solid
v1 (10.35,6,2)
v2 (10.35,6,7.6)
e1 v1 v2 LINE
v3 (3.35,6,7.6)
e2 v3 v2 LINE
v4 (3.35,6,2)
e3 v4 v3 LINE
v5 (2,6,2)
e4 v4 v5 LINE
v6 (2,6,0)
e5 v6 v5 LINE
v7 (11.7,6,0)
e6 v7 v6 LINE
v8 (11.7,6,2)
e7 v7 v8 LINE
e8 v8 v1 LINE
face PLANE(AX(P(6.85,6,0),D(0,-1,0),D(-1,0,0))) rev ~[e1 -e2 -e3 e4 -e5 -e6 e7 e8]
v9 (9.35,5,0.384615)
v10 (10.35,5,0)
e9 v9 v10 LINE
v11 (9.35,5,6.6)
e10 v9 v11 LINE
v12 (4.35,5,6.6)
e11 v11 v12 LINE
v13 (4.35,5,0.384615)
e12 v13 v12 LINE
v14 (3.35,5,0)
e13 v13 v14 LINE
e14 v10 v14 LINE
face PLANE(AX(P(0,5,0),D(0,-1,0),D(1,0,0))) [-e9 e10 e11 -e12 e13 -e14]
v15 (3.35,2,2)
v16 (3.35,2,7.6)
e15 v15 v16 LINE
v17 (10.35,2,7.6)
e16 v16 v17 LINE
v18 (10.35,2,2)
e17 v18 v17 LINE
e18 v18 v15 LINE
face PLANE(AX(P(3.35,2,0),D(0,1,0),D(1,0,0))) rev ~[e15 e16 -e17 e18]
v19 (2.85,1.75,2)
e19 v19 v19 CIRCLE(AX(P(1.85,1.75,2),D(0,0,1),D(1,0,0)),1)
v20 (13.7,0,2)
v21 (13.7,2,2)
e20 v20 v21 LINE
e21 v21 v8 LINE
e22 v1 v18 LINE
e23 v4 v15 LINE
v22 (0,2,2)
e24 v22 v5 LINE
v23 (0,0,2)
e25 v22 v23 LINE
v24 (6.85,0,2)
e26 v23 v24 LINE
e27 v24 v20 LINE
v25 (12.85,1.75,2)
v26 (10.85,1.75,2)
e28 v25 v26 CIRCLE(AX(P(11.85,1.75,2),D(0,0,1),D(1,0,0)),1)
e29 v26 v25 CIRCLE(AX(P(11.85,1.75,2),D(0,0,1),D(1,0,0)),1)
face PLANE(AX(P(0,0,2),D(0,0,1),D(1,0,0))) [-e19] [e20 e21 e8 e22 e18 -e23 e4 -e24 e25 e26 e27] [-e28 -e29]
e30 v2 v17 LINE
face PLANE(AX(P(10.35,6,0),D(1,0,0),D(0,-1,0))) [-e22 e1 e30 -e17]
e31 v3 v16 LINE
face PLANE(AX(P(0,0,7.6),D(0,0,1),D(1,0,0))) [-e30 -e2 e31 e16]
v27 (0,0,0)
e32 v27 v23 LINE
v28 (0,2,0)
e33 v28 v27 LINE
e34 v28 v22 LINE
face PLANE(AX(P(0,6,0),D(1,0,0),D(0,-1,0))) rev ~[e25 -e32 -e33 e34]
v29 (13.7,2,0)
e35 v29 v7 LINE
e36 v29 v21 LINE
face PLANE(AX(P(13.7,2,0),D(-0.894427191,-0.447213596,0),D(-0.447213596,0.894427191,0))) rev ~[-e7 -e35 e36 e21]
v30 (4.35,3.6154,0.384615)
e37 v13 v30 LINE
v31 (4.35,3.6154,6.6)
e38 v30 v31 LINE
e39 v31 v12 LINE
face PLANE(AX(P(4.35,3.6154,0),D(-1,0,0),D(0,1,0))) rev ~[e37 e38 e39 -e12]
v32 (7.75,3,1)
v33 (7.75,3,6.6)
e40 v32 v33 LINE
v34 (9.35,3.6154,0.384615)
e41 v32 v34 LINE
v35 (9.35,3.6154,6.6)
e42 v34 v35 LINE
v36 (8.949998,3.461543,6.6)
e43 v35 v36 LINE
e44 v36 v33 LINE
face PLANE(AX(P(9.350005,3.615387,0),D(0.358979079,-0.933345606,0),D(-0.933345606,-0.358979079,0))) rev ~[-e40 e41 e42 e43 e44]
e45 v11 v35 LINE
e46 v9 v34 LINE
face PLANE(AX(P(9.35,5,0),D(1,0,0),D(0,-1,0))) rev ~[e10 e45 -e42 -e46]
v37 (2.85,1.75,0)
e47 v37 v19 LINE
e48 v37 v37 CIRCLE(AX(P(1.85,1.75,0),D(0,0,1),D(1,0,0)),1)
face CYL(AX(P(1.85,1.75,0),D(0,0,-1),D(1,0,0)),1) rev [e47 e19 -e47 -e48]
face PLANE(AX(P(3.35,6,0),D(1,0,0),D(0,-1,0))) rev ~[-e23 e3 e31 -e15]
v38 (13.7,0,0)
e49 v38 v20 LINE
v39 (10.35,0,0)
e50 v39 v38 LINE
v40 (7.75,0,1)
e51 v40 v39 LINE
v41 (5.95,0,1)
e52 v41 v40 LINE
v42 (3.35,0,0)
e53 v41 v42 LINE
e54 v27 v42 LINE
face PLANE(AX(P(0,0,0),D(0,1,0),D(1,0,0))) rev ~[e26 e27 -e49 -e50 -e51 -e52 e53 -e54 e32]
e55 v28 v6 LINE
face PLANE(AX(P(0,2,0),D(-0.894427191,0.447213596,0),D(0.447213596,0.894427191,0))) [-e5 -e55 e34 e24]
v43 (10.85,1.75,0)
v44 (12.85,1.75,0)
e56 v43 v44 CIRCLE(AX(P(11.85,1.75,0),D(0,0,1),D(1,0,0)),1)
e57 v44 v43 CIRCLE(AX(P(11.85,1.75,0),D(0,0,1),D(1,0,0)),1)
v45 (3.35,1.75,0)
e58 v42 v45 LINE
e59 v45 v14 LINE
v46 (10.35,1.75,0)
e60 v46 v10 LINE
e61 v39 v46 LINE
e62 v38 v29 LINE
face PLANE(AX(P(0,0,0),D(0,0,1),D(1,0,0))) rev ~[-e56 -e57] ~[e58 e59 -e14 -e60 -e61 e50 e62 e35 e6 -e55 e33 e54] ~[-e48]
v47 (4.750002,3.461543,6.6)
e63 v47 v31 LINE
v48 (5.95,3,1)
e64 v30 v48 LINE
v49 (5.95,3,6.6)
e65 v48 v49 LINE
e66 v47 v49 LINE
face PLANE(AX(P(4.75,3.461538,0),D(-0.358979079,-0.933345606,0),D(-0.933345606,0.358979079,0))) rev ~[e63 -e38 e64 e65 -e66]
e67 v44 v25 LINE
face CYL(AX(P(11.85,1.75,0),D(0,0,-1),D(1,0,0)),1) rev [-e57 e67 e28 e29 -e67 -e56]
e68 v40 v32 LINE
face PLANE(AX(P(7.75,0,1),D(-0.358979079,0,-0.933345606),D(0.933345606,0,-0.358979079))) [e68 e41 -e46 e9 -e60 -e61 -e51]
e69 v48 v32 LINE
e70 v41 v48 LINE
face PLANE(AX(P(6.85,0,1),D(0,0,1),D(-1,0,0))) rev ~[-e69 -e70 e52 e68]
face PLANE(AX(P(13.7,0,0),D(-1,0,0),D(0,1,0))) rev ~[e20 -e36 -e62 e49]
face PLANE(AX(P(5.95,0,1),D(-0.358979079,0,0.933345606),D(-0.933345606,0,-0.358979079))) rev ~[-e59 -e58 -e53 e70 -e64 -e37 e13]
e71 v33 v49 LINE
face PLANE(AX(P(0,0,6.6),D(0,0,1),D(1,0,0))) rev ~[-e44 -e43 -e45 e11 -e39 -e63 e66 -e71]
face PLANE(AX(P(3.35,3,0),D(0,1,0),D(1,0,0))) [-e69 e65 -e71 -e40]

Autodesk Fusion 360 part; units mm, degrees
sketch "mainBase" plane through (0, 0, 0) normal (0, 0, 1) x (1, 0, 0)
  line L0 (0, 0) -> (13.7, 0)
  line L1 (13.7, 0) -> (13.7, 6)
  line L2 (13.7, 6) -> (0, 6)
  line L3 (0, 6) -> (0, 0)
  line L4 (0, 0) -> (6.85, 0)
  line L5 (6.85, 0) -> (6.85, 1.75)
  line L6 (6.85, 1.75) -> (1.85, 1.75)
  line L7 (6.85, 1.75) -> (11.85, 1.75)
  line L8 (0, 6) -> (6.85, 6)
  circle A0 centre (1.85, 1.75) radius 1
  circle A1 centre (11.85, 1.75) radius 1
  line L9 (6.85, 6) -> (3.35, 6)
  line L10 (3.35, 6) -> (3.35, 2)
  line L11 (3.35, 2) -> (6.85, 2)
  line L12 (6.85, 2) -> (6.85, 6)
  line L13 (6.85, 6) -> (10.35, 6)
  line L14 (10.35, 6) -> (10.35, 2)
  line L15 (10.35, 2) -> (6.85, 2)
  line L16 (6.85, 2) -> (6.85, 6)
  dimension "d9" = 6
  dimension "d10" = 13.7
  dimension "d11" = 6.85
  dimension "d12" = 1.75
  dimension "d13" = 5
  dimension "d14" = 5
  dimension "d15" = 6.85
  dimension "d17" = 2
  dimension "d18" = 2
  dimension "d19" = 4
  dimension "d20" = 3.5
  dimension "d21" = 4
  dimension "d22" = 3.5
extrude "Extrude1" add sketch "mainBase" along normal blind 7.6 contours L2 L8 L9 L10 L11 L12 L16 | L2 L12 L13 L14 L15 L16
shell "Shell1" thickness 1 removed faces 1 at (5.6833, 4.6667, 0)
extrude "Extrude2" add sketch "mainBase" along normal blind 2 contours L0 L1 L2 L3 L4 L8 L10 L11 L14 L15
sketch "hallCutOut" plane through (0, 0, 0) normal (0, 0, 1) x (1, 0, 0)
  line L0 (0, 6) -> (6.85, 6)
  line L1 (6.85, 6) -> (6.85, 2)
  line L2 (6.85, 2) -> (3.35, 2)
  line L3 (3.35, 2) -> (3.35, 4)
  line L4 (6.85, 2) -> (6.85, 3)
  line L5 (6.85, 3) -> (5.95, 3)
  line L6 (5.95, 3) -> (3.35, 4)
  line L7 (6.85, 3) -> (7.75, 3)
  line L8 (6.85, 2) -> (10.35, 2)
  line L9 (10.35, 2) -> (10.35, 4)
  line L10 (10.35, 4) -> (7.75, 3)
  line L11 (7.75, 3) -> (9.35, 3)
  line L12 (9.35, 3) -> (9.35, 3.6154)
  line L13 (5.95, 3) -> (4.35, 3)
  line L14 (4.35, 3) -> (4.35, 3.6154)
  line L15 (6.85, 5) -> (8.95, 5)
  line L16 (8.95, 5) -> (8.95, 3)
  line L17 (8.95, 3) -> (6.85, 3)
  line L18 (6.85, 3) -> (6.85, 5)
  line L19 (6.85, 5) -> (4.75, 5)
  line L20 (4.75, 5) -> (4.75, 3)
  line L21 (4.75, 3) -> (6.85, 3)
  line L22 (6.85, 3) -> (6.85, 5)
  line L23 (9.35, 3) -> (4.35, 3)
  line L24 (4.35, 3) -> (4.35, 5)
  line L25 (4.35, 5) -> (9.35, 5)
  line L26 (9.35, 5) -> (9.35, 3)
  dimension "d31" = 6.85
  dimension "d32" = 4
  dimension "d33" = 3.5
  dimension "d34" = 2
  dimension "d35" = 1
  dimension "d36" = 0.9
  dimension "d37" = 0.9
  dimension "d38" = 3.5
  dimension "d39" = 2
  dimension "d59" = 2.1
extrude "Extrude3" add sketch "hallCutOut" along normal blind 6.6 contours L6 L13 L20 L21 L23 | L10 L11 L16 L17 L23 | L10 L11 L12 L16 L23 L26 | L6 L13 L14 L20 L23 L24
sketch "wireCutOut" plane through (0, 0, 0) normal (0, -1, 0) x (1, 0, 0)
  line L0 (0, 0) -> (13.7, 0)
  line L1 (13.7, 0) -> (13.7, 2)
  line L2 (13.7, 2) -> (0, 2)
  line L3 (0, 2) -> (0, 0)
  line L4 (0, 0) -> (6.85, 0)
  line L5 (6.85, 0) -> (6.85, 1)
  line L6 (6.85, 1) -> (5.95, 1)
  line L7 (6.85, 1) -> (7.75, 1)
  line L8 (6.85, 0) -> (13.7, 0)
  line L9 (6.85, 0) -> (10.35, 0)
  line L10 (6.85, 0) -> (3.35, 0)
  line L11 (7.75, 1) -> (10.35, 0)
  line L12 (5.95, 1) -> (3.35, 0)
  dimension "d42" = 6.85
  dimension "d43" = 1
  dimension "d44" = 0.9
  dimension "d45" = 0.9
  dimension "d46" = 6.85
  dimension "d47" = 3.5
  dimension "d48" = 3.5
extrude "Extrude4" cut sketch "wireCutOut" against normal blind 5 contours L0 L4 L5 L6 L10 L12 | L0 L5 L7 L8 L9 L11
sketch "cutOut" plane through (0, 0, 0) normal (0, 0, 1) x (1, 0, 0)
  line L0 (0, 0) -> (13.7, 0)
  line L1 (13.7, 0) -> (13.7, 6)
  line L2 (13.7, 6) -> (0, 6)
  line L3 (0, 6) -> (0, 0)
  line L4 (13.7, 0) -> (13.7, 2)
  line L5 (0, 0) -> (0, 2)
  line L6 (0, 6) -> (2, 6)
  line L7 (13.7, 6) -> (11.7, 6)
  line L8 (0, 2) -> (2, 6)
  line L9 (13.7, 2) -> (11.7, 6)
  dimension "d51" = 6
  dimension "d52" = 13.7
  dimension "d53" = 2
  dimension "d54" = 2
  dimension "d55" = 2
  dimension "d56" = 2
extrude "Extrude5" cut sketch "cutOut" along normal blind 2 contours L2 L3 L6 L8 | L1 L2 L7 L9
extrude "Extrude6" add sketch "hallCutOut" along normal blind 7.6 contours L10 L16 L25 L26 | L6 L20 L24 L25
extrude "Extrude7" cut sketch "wireCutOut" against normal blind 5 contours L0 L4 L5 L6 L10 L12 | L0 L5 L7 L8 L9 L11
extrude "Extrude8" cut sketch "hallCutOut" along normal blind 6.6 contours L10 L16 L25 L26 | L6 L20 L24 L25
equation "baseLength = 6 mm"
equation "baseWidth = 13.7 mm"
equation "mountingCircleToMountingCircle = 10 mm"
equation "mountingHoleFromEdge = 1.75 mm"
equation "hallEffectWidth = 7 mm"
equation "hallEffectLength = 4 mm"
equation "hallEffectHeight = 7.6 mm"
equation "baseHeight = 2 mm"
equation "d9 = baseLength"
equation "d10 = baseWidth"
equation "d11 = baseWidth / 2"
equation "d12 = mountingHoleFromEdge"
equation "d13 = mountingCircleToMountingCircle / 2"
equation "d14 = mountingCircleToMountingCircle / 2"
equation "d15 = baseWidth / 2"
equation "screwHole = 2 mm"
equation "d17 = screwHole"
equation "d18 = screwHole"
equation "d19 = hallEffectLength"
equation "d20 = hallEffectWidth / 2"
equation "d21 = hallEffectLength"
equation "d22 = hallEffectWidth / 2"
equation "d23 = hallEffectHeight"
equation "hallEffectThickness = 1 mm"
equation "d26 = hallEffectThickness"
equation "d27 = baseHeight"
equation "traingleHeight = 2 mm"
equation "hallEffectMiddleDist = 1.8 mm"
equation "d31 = baseWidth / 2"
equation "d32 = hallEffectLength"
equation "d33 = hallEffectWidth / 2"
equation "d34 = traingleHeight"
equation "d35 = hallEffectThickness"
equation "d36 = hallEffectMiddleDist / 2"
equation "d37 = hallEffectMiddleDist / 2"
equation "d38 = hallEffectWidth / 2"
equation "d39 = traingleHeight"
equation "d40 = hallEffectHeight - hallEffectThickness"
equation "d42 = baseWidth / 2"
equation "d43 = hallEffectThickness"
equation "d44 = hallEffectMiddleDist / 2"
equation "d45 = hallEffectMiddleDist / 2"
equation "d46 = baseWidth / 2"
equation "d47 = hallEffectWidth / 2"
equation "d48 = hallEffectWidth / 2"
equation "d51 = baseLength"
equation "d52 = baseWidth"
equation "d53 = baseLength / 3"
equation "d54 = baseLength / 3"
equation "d57 = baseHeight"
equation "d60 = hallEffectHeight"
